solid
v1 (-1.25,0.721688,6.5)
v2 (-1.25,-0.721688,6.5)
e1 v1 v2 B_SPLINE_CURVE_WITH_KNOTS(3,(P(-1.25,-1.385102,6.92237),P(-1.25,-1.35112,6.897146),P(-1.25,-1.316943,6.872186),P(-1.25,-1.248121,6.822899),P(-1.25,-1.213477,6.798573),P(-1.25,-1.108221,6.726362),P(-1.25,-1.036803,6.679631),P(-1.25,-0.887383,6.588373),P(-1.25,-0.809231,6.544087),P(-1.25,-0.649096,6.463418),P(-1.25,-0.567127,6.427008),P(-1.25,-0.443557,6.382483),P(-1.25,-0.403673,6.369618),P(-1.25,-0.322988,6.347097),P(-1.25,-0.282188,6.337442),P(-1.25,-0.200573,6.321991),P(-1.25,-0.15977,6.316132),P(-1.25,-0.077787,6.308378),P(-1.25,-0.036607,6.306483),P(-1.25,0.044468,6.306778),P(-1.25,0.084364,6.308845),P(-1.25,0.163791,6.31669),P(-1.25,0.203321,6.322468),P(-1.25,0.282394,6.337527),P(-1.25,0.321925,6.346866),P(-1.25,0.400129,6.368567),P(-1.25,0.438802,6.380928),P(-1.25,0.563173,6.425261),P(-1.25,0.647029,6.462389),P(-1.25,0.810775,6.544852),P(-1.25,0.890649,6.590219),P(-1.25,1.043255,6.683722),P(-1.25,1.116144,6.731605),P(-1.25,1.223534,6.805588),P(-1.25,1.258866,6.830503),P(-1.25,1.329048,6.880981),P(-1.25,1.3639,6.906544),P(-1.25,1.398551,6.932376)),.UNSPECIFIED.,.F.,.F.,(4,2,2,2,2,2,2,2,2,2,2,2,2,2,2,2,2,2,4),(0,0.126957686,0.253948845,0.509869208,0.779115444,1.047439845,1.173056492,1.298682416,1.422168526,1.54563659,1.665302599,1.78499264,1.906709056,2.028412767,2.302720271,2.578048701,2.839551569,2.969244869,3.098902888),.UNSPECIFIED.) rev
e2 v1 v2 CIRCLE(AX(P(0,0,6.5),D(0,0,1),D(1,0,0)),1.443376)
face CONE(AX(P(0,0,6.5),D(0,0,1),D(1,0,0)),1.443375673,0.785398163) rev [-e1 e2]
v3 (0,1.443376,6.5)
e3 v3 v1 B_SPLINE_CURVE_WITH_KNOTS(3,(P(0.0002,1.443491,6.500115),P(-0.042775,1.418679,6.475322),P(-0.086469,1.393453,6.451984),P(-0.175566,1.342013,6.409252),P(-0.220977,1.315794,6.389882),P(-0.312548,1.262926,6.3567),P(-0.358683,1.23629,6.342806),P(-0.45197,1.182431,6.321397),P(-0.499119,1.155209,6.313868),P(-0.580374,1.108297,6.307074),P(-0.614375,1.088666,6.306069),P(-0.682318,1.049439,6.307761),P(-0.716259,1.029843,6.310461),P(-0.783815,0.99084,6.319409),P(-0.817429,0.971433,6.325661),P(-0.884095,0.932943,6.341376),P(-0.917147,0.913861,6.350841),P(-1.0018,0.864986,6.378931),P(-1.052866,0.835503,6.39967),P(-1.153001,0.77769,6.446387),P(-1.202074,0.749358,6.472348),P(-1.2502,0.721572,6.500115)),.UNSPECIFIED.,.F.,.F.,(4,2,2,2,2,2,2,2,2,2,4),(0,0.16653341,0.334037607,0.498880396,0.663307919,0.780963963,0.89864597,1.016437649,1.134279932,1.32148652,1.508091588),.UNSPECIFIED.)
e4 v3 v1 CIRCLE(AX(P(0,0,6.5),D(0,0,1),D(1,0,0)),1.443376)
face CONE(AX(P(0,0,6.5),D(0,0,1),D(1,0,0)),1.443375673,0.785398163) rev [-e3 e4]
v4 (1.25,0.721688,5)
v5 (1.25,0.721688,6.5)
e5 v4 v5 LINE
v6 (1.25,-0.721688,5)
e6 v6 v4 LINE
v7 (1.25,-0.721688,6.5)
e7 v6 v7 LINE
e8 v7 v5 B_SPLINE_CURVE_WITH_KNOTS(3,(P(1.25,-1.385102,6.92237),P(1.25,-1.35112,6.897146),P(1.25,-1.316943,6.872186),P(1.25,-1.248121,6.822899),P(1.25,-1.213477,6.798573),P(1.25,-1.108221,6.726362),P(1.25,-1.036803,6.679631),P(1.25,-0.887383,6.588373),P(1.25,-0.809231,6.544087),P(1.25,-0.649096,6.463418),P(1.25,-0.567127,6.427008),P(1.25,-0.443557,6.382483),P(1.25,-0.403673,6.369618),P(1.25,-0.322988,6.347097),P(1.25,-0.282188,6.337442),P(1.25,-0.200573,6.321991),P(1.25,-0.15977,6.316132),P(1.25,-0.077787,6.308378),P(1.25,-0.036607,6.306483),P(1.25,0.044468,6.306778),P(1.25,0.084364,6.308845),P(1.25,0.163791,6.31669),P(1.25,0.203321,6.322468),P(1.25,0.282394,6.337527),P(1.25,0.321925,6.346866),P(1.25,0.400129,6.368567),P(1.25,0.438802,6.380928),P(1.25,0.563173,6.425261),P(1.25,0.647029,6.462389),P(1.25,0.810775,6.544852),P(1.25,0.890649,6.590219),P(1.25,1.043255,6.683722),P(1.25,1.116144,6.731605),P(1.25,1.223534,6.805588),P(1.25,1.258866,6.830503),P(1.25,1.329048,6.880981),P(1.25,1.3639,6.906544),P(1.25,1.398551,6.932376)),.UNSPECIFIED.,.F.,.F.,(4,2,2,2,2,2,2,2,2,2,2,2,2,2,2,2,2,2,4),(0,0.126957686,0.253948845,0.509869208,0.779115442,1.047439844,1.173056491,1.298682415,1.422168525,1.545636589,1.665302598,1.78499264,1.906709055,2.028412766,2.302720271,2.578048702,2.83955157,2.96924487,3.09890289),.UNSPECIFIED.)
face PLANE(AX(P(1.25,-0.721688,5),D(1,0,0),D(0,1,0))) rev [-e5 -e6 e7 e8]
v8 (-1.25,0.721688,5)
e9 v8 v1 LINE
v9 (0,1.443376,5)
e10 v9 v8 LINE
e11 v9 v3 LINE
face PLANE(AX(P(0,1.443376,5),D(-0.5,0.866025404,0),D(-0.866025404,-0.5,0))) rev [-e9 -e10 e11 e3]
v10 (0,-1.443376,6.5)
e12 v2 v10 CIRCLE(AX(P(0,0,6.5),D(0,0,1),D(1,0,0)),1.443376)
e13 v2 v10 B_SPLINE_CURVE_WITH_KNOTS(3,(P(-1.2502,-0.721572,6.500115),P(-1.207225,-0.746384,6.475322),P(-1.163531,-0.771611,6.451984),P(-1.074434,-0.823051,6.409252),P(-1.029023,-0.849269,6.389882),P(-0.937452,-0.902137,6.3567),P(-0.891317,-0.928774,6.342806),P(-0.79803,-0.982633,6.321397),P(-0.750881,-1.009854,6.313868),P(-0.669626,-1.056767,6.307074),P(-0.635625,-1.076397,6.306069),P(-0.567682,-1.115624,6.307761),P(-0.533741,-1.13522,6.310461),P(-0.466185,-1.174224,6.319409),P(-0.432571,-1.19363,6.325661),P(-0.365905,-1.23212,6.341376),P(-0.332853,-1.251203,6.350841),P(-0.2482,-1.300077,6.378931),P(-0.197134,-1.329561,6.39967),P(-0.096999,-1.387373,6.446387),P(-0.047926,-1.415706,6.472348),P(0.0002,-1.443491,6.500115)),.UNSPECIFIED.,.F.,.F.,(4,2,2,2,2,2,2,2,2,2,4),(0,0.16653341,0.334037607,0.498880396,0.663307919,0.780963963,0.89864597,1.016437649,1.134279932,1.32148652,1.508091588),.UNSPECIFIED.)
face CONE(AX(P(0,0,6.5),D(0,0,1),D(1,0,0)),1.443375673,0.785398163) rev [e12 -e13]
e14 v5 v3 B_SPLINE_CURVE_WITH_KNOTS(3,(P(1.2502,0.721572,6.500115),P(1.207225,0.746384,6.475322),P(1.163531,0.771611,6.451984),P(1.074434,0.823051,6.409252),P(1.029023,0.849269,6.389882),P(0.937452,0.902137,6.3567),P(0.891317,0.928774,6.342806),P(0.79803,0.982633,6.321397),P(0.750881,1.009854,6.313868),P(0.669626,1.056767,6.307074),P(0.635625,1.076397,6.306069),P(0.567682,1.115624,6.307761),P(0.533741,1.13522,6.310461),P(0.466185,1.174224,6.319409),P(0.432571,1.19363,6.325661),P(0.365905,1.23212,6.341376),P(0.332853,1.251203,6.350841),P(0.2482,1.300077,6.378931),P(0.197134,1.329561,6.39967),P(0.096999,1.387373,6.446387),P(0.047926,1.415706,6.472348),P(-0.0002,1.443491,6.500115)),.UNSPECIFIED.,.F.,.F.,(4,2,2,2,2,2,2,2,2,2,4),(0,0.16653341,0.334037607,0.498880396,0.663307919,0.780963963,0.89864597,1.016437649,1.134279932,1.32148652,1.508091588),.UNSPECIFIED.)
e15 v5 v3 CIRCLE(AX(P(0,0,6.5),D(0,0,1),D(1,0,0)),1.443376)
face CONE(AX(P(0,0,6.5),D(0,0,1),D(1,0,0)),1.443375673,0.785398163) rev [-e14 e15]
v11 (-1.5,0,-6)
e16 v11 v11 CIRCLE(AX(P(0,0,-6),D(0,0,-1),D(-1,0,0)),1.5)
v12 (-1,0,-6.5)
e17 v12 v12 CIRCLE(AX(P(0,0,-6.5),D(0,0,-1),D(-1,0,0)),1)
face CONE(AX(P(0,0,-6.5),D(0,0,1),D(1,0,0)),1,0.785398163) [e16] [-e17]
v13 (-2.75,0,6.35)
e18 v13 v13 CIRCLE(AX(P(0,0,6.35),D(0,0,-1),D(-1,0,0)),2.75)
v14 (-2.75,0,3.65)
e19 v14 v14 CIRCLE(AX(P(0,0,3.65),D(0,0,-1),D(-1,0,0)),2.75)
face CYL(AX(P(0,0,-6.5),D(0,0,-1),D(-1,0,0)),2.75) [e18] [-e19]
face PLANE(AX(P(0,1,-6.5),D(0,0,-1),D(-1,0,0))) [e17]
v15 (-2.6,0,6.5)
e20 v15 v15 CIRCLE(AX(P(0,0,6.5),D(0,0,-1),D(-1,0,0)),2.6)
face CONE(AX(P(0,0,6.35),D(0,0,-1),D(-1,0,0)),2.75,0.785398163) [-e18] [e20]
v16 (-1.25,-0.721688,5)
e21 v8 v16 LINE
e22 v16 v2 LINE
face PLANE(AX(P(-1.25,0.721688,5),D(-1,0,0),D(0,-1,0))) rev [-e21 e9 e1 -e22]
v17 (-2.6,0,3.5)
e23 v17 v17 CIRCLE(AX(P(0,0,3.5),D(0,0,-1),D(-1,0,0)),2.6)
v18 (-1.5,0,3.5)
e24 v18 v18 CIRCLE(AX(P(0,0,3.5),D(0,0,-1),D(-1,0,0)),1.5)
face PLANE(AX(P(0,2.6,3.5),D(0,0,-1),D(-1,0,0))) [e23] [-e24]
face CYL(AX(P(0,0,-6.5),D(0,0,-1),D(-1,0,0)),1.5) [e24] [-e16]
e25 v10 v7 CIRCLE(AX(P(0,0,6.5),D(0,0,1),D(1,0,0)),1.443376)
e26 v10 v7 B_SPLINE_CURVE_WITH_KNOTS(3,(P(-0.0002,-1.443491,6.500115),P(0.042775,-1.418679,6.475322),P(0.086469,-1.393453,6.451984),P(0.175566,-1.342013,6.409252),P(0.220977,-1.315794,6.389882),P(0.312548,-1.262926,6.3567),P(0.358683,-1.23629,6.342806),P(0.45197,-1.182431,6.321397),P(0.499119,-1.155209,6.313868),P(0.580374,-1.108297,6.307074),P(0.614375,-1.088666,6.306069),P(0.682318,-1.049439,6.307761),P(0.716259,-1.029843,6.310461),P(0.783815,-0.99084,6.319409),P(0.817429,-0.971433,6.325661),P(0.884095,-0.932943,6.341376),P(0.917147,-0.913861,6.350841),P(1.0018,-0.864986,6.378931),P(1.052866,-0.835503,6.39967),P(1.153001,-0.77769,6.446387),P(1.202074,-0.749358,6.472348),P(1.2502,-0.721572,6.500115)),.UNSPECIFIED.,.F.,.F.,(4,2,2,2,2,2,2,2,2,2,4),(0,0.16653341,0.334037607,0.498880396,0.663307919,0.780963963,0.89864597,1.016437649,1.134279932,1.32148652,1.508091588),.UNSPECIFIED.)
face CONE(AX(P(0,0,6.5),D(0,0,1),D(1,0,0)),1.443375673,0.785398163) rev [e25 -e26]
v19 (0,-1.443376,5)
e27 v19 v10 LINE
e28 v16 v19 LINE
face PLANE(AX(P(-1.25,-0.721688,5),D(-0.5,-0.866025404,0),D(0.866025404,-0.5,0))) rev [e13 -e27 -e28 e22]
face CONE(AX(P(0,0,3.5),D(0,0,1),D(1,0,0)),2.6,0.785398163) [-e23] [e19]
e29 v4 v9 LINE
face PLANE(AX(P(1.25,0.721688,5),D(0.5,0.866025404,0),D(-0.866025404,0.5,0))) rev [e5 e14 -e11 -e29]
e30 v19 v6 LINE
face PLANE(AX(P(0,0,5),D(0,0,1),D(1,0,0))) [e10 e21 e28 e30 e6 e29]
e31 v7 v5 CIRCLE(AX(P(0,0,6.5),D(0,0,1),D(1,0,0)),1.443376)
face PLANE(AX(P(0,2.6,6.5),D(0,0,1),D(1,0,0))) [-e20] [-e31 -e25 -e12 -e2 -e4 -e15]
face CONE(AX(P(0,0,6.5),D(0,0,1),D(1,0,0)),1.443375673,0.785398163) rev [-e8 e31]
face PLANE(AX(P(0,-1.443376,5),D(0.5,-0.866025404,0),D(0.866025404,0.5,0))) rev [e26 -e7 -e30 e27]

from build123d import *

# Parameters (mm, degrees)
CUT_EXTRUDE1_START = -1.5
CUT_EXTRUDE1_DEPTH = 1.5
SKETCH4_R          = 1.443375673
CUT_EXTRUDE2_DEPTH = 0.5
CUT_EXTRUDE2_TAPER = 45


with BuildPart() as part:
    # Sketch2 → Revolve1 (revolve)
    with BuildSketch(Plane(origin=(0, 0, 0), x_dir=(0, 0, -1), z_dir=(1, 0, 0))):
        Polygon((-6.35, 2.75), (-3.65, 2.75), (-3.5, 2.6), (-3.5, 1.5), (6, 1.5), (6.5, 1), (6.5, 0), (-6.5, 0), (-6.5, 2.6), align=None)
    revolve(axis=Axis((0, 0, -6.5), (0, 0, 1)))

    # Sketch3 → Cut-Extrude1 (cut)
    with BuildSketch(Plane.XY.offset(6.5).offset(CUT_EXTRUDE1_START)):
        Polygon((0, 1.443375673), (-1.25, 0.721687836), (-1.25, -0.721687836), (0, -1.443375673), (1.25, -0.721687836), (1.25, 0.721687836), align=None)
    extrude(amount=CUT_EXTRUDE1_DEPTH, mode=Mode.SUBTRACT)

    # Sketch4 → Cut-Extrude2 (cut)
    with BuildSketch(Plane.XY.offset(6.5)):
        Circle(SKETCH4_R)
    extrude(amount=-CUT_EXTRUDE2_DEPTH, taper=CUT_EXTRUDE2_TAPER, mode=Mode.SUBTRACT)


solid = part.part
